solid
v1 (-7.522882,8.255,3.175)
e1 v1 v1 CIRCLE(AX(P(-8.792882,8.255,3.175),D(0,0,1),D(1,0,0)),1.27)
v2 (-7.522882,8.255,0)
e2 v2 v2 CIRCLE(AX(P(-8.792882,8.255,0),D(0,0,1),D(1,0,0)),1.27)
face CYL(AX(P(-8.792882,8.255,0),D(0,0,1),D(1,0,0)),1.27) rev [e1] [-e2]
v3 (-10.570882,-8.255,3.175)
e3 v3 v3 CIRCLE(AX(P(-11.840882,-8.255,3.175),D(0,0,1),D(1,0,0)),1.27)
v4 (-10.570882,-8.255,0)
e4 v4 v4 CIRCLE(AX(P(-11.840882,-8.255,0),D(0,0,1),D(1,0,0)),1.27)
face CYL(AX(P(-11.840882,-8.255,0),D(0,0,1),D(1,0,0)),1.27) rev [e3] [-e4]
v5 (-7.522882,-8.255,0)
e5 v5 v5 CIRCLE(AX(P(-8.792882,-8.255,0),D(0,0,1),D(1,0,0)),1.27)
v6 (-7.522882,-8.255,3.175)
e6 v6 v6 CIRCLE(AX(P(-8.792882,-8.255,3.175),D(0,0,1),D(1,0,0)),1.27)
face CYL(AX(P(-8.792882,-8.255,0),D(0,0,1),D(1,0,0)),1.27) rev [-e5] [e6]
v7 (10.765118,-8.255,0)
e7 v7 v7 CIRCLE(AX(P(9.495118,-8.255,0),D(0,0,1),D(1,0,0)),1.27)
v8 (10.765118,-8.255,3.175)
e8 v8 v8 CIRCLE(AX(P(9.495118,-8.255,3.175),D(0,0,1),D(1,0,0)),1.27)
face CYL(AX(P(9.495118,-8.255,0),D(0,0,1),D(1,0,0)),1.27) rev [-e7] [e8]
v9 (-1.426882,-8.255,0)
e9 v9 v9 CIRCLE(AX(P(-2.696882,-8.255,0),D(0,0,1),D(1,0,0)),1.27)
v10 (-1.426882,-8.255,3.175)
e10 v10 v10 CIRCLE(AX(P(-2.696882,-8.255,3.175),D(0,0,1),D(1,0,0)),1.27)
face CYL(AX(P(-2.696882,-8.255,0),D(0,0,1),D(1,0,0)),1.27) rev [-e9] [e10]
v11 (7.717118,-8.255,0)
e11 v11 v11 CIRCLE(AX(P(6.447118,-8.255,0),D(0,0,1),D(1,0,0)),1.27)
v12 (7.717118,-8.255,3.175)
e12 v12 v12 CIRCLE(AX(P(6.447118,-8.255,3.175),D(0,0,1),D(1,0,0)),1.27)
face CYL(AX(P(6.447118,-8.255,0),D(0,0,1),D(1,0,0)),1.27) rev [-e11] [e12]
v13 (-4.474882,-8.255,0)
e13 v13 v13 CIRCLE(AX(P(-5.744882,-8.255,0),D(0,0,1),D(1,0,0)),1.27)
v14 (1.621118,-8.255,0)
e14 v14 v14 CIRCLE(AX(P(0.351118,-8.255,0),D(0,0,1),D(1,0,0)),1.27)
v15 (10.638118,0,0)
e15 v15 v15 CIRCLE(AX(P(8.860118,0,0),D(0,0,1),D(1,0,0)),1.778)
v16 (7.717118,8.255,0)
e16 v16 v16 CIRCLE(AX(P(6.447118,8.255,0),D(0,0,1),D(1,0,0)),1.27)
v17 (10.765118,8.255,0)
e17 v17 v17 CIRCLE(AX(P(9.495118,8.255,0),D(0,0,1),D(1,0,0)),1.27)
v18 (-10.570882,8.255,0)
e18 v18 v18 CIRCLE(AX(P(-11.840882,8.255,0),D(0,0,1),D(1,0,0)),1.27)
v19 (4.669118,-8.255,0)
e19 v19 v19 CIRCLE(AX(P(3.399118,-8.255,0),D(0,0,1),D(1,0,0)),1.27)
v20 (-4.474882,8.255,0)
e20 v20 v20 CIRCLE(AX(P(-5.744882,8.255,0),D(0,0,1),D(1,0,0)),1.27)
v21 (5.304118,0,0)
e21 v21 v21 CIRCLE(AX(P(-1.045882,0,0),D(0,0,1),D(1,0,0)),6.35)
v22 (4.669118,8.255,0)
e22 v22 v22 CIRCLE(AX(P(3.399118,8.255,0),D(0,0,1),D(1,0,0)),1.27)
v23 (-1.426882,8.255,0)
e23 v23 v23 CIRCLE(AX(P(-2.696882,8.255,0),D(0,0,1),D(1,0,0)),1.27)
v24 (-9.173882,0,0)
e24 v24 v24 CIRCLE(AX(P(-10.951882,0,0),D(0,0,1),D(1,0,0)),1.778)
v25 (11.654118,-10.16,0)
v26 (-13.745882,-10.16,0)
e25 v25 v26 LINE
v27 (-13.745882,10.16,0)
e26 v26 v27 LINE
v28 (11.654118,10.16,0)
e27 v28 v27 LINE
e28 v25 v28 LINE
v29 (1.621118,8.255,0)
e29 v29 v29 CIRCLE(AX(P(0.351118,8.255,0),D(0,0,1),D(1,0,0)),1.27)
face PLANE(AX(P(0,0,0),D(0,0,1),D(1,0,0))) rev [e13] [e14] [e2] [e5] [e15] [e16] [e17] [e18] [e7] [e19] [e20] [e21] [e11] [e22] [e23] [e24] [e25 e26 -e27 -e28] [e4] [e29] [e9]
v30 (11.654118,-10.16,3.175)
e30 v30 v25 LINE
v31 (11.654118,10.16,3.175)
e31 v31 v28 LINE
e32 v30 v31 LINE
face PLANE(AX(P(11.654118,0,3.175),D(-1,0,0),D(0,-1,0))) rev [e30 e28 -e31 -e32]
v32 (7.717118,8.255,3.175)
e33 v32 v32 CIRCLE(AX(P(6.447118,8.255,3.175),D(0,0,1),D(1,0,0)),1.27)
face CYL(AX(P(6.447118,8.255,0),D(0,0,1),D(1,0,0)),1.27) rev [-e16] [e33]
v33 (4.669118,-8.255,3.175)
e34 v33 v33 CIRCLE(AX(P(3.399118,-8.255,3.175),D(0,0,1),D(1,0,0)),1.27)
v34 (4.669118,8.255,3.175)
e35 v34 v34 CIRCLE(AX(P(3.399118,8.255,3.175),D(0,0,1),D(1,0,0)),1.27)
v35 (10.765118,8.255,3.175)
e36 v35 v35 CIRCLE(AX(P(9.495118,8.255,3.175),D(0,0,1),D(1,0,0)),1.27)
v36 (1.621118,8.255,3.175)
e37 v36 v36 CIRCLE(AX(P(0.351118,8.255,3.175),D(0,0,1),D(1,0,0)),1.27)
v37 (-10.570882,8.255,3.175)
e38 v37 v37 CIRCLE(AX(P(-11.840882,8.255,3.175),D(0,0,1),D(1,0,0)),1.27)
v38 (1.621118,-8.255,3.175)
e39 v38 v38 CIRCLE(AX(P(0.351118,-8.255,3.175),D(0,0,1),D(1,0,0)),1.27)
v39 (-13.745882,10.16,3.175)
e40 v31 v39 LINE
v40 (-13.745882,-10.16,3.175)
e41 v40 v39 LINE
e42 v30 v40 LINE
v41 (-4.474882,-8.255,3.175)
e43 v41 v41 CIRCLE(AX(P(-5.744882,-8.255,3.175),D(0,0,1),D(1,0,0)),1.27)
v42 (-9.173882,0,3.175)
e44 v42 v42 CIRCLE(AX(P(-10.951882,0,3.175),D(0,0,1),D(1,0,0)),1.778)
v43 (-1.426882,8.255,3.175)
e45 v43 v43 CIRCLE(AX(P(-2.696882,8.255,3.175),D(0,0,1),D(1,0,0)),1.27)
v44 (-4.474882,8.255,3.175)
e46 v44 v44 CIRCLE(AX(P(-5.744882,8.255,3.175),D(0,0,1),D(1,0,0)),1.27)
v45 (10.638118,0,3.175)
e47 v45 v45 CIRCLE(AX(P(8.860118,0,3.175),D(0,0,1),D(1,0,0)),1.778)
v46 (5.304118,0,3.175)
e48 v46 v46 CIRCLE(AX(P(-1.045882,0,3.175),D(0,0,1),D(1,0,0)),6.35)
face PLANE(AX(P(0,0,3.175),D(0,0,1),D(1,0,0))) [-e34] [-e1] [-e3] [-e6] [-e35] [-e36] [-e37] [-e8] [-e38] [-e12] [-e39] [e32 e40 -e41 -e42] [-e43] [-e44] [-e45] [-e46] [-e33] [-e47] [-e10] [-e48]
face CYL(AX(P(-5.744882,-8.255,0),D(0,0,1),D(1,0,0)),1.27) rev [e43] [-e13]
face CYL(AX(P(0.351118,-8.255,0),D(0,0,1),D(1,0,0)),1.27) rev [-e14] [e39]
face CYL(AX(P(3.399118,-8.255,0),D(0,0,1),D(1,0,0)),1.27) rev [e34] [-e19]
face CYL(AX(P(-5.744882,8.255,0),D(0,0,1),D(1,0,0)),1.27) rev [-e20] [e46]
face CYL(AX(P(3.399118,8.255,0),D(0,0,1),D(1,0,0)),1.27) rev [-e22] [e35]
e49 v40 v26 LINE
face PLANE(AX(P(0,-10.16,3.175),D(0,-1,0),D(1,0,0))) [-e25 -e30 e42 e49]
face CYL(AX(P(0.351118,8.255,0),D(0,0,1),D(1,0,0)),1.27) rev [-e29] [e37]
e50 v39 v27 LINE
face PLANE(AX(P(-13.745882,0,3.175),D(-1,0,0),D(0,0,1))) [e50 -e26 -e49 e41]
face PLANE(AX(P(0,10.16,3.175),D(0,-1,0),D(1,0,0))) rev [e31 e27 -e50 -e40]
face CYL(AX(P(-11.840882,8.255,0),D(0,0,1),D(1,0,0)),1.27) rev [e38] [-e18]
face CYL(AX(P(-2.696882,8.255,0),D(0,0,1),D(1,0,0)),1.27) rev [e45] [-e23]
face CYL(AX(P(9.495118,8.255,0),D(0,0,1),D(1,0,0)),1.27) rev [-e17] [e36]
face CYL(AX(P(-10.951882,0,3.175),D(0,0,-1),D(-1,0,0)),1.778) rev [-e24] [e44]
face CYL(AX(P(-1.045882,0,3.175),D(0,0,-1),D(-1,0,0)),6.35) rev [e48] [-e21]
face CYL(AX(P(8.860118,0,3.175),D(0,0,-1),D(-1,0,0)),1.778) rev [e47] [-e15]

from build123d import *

# Parameters (mm, degrees)
SKETCH2_W           = 25.4
SKETCH2_H           = 20.32
SKETCH2_R           = 6.35
SKETCH2_R_2         = 1.778
BOSS_EXTRUDE1_DEPTH = 3.175
SKETCH4_R           = 1.27
CUT_EXTRUDE1_DEPTH  = 3.175


with BuildPart() as part:
    # Sketch2 → Boss-Extrude1 (new body)
    with BuildSketch(Plane.XY):
        with Locations((-1.045882353, 0)):
            Rectangle(SKETCH2_W, SKETCH2_H)
        with Locations((-1.045882353, 0)):
            Circle(SKETCH2_R, mode=Mode.SUBTRACT)
        with Locations((-10.951882353, 0)):
            Circle(SKETCH2_R_2, mode=Mode.SUBTRACT)
        with Locations((8.860117647, 0)):
            Circle(SKETCH2_R_2, mode=Mode.SUBTRACT)
    extrude(amount=BOSS_EXTRUDE1_DEPTH)

    # Sketch4 → Cut-Extrude1 (cut)
    with BuildSketch(Plane.XY.offset(3.175)):
        with Locations((-11.840882353, 8.255)):
            Circle(SKETCH4_R)
        with Locations((-8.792882353, 8.255)):
            Circle(SKETCH4_R)
        with Locations((-5.744882353, 8.255)):
            Circle(SKETCH4_R)
        with Locations((-2.696882353, 8.255)):
            Circle(SKETCH4_R)
        with Locations((0.351117647, 8.255)):
            Circle(SKETCH4_R)
        with Locations((3.399117647, 8.255)):
            Circle(SKETCH4_R)
        with Locations((6.447117647, 8.255)):
            Circle(SKETCH4_R)
        with Locations((9.495117647, 8.255)):
            Circle(SKETCH4_R)
        with Locations((-11.840882353, -8.255)):
            Circle(SKETCH4_R)
        with Locations((-8.792882353, -8.255)):
            Circle(SKETCH4_R)
        with Locations((-5.744882353, -8.255)):
            Circle(SKETCH4_R)
        with Locations((-2.696882353, -8.255)):
            Circle(SKETCH4_R)
        with Locations((0.351117647, -8.255)):
            Circle(SKETCH4_R)
        with Locations((3.399117647, -8.255)):
            Circle(SKETCH4_R)
        with Locations((6.447117647, -8.255)):
            Circle(SKETCH4_R)
        with Locations((9.495117647, -8.255)):
            Circle(SKETCH4_R)
    extrude(amount=-CUT_EXTRUDE1_DEPTH, mode=Mode.SUBTRACT)


solid = part.part
